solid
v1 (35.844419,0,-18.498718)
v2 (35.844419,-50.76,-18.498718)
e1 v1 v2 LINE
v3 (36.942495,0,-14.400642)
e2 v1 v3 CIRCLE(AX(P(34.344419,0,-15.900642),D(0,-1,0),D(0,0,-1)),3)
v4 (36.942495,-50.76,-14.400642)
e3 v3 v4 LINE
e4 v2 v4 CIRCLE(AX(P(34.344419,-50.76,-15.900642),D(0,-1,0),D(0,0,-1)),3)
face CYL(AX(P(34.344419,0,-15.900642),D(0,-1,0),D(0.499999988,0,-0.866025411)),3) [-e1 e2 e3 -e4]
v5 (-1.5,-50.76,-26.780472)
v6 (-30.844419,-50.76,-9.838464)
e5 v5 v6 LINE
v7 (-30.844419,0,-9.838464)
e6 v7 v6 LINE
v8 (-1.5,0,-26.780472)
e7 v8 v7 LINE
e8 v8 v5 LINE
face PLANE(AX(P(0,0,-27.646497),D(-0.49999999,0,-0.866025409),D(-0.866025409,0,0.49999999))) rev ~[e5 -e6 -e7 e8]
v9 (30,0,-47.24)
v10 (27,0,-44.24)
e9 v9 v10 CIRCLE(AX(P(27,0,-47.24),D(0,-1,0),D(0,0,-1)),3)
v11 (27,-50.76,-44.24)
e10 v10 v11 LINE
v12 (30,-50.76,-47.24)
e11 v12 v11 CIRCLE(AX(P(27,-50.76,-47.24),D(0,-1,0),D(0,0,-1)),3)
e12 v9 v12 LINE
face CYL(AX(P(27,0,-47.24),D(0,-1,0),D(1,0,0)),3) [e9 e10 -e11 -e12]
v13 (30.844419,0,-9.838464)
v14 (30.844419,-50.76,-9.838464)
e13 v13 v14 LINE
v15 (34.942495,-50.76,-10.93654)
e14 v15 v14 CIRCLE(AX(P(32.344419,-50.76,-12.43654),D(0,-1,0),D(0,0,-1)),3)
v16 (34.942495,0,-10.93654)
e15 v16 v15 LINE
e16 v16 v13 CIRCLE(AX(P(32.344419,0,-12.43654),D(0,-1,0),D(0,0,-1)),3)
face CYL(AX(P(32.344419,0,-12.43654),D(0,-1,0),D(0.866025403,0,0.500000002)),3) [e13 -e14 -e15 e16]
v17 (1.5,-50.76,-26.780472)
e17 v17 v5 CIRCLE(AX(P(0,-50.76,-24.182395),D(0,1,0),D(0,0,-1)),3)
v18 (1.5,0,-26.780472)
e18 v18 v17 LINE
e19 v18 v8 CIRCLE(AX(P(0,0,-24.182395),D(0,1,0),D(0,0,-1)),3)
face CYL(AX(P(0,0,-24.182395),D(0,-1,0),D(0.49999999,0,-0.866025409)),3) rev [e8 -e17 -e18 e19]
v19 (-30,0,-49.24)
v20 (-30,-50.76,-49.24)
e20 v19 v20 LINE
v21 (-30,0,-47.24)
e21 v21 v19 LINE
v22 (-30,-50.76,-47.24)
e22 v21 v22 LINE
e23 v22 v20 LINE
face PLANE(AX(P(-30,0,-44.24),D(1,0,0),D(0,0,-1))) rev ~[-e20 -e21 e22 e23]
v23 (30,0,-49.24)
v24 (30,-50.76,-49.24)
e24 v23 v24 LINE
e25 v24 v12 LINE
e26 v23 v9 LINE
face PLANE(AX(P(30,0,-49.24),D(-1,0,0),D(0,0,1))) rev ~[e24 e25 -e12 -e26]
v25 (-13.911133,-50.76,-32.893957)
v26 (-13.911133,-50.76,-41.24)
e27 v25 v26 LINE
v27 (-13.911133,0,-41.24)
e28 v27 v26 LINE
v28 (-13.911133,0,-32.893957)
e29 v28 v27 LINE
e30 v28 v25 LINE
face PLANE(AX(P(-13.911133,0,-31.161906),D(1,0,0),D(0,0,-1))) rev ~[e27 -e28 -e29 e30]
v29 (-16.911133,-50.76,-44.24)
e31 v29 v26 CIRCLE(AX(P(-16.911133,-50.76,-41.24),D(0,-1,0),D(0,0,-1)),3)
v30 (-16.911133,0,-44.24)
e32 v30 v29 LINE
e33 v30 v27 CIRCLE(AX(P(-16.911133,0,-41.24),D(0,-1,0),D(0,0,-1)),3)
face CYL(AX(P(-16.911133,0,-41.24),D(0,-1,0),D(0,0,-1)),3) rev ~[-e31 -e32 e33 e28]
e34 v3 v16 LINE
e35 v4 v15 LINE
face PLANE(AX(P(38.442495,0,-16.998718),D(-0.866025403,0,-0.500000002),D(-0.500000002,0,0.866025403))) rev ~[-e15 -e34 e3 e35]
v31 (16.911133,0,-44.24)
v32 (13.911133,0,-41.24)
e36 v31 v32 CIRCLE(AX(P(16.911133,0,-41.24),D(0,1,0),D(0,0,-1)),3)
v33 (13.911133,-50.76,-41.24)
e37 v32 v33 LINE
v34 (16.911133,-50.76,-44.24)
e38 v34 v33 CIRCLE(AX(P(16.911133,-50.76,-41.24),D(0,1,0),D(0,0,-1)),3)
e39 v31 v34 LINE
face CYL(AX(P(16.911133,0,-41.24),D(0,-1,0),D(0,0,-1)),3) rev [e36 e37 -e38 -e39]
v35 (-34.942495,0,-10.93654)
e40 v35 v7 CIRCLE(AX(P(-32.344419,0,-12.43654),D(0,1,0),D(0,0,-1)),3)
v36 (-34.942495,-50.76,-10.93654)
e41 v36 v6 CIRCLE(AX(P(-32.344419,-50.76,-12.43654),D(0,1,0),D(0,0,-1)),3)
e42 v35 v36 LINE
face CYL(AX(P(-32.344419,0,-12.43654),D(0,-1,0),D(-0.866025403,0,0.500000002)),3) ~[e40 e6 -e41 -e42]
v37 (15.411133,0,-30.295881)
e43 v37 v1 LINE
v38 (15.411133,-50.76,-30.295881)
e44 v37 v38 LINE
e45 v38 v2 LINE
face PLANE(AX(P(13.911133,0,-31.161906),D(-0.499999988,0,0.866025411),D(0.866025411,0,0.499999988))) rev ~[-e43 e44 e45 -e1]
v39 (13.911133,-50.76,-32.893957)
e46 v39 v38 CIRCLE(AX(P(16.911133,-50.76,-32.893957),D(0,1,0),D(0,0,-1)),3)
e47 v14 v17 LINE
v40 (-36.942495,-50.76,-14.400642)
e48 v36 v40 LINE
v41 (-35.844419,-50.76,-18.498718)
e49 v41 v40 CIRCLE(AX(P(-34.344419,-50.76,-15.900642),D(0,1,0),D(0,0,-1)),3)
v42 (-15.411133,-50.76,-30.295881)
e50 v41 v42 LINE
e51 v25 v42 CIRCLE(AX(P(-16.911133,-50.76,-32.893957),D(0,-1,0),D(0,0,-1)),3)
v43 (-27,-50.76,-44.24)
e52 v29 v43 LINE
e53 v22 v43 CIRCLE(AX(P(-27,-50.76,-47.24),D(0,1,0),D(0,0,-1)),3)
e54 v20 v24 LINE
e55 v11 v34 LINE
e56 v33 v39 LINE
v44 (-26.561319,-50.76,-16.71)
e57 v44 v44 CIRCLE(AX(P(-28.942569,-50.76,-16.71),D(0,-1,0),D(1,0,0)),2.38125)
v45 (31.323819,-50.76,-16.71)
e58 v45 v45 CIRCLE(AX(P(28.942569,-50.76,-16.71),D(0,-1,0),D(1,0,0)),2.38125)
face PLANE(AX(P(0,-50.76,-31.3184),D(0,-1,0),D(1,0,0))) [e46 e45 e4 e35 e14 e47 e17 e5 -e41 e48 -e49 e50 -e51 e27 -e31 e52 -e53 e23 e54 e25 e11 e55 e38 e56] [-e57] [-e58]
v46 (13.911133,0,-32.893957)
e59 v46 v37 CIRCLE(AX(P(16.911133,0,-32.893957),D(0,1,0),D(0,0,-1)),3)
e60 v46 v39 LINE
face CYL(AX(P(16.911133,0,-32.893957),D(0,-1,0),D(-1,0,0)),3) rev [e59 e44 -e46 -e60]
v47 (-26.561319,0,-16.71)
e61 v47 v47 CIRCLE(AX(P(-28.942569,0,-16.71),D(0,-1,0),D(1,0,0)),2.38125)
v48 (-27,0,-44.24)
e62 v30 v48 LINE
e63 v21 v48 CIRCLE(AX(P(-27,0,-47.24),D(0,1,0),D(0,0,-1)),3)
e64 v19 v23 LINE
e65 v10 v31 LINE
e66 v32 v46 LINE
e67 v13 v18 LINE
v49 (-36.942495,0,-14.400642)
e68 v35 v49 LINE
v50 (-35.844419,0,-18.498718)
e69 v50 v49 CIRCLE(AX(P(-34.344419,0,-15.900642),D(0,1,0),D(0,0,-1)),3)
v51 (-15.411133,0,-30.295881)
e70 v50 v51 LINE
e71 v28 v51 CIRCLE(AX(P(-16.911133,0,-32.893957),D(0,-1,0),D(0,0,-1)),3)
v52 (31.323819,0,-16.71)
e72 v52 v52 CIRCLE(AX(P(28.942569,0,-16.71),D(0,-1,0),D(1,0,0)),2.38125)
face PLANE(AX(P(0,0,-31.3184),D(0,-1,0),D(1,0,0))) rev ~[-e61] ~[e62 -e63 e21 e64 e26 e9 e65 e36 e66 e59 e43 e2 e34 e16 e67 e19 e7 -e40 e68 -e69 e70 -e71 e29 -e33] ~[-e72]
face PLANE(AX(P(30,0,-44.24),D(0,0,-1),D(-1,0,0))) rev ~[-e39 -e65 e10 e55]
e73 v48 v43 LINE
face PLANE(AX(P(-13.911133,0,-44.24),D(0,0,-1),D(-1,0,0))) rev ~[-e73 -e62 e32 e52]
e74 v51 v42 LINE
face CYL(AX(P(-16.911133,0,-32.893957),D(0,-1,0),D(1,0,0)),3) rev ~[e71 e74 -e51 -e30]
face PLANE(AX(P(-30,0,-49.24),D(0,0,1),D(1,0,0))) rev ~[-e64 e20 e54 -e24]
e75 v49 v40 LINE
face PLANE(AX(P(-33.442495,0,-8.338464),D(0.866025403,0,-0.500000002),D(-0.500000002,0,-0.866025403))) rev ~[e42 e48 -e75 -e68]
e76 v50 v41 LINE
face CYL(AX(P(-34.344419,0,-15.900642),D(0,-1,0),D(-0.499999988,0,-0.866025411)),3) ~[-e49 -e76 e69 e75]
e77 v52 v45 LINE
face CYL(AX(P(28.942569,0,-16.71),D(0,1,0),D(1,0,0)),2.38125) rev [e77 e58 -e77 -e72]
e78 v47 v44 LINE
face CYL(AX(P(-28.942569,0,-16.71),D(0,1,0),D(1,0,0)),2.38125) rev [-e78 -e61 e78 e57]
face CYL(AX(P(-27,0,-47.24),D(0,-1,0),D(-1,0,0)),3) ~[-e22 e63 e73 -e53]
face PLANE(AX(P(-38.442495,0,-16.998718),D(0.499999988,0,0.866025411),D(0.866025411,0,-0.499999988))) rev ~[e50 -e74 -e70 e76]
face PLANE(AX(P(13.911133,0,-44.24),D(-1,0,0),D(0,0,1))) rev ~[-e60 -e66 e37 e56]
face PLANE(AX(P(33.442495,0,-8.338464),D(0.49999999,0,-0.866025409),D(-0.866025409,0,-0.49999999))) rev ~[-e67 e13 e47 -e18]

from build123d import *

# Parameters (mm, degrees)
F0_R     = 2.38125
F1_DEPTH = 50.76
F2_R     = 3


with BuildPart() as f1:
    # F0 (on Front) → F1 (new body)
    with BuildSketch(Plane.XZ):
        Polygon((13.911133, -49.24), (30, -49.24), (30, -44.24), (13.911133, -44.24), (13.911133, -31.161906), (38.442495, -16.998718), (33.442495, -8.338464), (0, -27.646497), (-33.442495, -8.338464), (-38.442495, -16.998718), (-13.911133, -31.161906), (-13.911133, -44.24), (-30, -44.24), (-30, -49.24), (-13.911133, -49.24), align=None)
        with Locations((-28.942569, -16.71)):
            Circle(F0_R, mode=Mode.SUBTRACT)
        with Locations((28.942569, -16.71)):
            Circle(F0_R, mode=Mode.SUBTRACT)
    extrude(amount=F1_DEPTH)

    # F2
    f2_edges = [f1.edges().sort_by_distance(p)[0] for p in [
        (-33.442495, -25.38, -8.338464),
        (-38.442495, -25.38, -16.998718),
        (0, -25.38, -27.646497),
        (33.442495, -25.38, -8.338464),
        (38.442495, -25.38, -16.998718),
        (13.911133, -25.38, -31.161906),
        (13.911133, -25.38, -44.24),
        (-13.911133, -25.38, -31.161906),
        (-13.911133, -25.38, -44.24),
        (-30, -25.38, -44.24),
        (30, -25.38, -44.24),
    ]]
    fillet(f2_edges, radius=F2_R)


solid = f1.part
